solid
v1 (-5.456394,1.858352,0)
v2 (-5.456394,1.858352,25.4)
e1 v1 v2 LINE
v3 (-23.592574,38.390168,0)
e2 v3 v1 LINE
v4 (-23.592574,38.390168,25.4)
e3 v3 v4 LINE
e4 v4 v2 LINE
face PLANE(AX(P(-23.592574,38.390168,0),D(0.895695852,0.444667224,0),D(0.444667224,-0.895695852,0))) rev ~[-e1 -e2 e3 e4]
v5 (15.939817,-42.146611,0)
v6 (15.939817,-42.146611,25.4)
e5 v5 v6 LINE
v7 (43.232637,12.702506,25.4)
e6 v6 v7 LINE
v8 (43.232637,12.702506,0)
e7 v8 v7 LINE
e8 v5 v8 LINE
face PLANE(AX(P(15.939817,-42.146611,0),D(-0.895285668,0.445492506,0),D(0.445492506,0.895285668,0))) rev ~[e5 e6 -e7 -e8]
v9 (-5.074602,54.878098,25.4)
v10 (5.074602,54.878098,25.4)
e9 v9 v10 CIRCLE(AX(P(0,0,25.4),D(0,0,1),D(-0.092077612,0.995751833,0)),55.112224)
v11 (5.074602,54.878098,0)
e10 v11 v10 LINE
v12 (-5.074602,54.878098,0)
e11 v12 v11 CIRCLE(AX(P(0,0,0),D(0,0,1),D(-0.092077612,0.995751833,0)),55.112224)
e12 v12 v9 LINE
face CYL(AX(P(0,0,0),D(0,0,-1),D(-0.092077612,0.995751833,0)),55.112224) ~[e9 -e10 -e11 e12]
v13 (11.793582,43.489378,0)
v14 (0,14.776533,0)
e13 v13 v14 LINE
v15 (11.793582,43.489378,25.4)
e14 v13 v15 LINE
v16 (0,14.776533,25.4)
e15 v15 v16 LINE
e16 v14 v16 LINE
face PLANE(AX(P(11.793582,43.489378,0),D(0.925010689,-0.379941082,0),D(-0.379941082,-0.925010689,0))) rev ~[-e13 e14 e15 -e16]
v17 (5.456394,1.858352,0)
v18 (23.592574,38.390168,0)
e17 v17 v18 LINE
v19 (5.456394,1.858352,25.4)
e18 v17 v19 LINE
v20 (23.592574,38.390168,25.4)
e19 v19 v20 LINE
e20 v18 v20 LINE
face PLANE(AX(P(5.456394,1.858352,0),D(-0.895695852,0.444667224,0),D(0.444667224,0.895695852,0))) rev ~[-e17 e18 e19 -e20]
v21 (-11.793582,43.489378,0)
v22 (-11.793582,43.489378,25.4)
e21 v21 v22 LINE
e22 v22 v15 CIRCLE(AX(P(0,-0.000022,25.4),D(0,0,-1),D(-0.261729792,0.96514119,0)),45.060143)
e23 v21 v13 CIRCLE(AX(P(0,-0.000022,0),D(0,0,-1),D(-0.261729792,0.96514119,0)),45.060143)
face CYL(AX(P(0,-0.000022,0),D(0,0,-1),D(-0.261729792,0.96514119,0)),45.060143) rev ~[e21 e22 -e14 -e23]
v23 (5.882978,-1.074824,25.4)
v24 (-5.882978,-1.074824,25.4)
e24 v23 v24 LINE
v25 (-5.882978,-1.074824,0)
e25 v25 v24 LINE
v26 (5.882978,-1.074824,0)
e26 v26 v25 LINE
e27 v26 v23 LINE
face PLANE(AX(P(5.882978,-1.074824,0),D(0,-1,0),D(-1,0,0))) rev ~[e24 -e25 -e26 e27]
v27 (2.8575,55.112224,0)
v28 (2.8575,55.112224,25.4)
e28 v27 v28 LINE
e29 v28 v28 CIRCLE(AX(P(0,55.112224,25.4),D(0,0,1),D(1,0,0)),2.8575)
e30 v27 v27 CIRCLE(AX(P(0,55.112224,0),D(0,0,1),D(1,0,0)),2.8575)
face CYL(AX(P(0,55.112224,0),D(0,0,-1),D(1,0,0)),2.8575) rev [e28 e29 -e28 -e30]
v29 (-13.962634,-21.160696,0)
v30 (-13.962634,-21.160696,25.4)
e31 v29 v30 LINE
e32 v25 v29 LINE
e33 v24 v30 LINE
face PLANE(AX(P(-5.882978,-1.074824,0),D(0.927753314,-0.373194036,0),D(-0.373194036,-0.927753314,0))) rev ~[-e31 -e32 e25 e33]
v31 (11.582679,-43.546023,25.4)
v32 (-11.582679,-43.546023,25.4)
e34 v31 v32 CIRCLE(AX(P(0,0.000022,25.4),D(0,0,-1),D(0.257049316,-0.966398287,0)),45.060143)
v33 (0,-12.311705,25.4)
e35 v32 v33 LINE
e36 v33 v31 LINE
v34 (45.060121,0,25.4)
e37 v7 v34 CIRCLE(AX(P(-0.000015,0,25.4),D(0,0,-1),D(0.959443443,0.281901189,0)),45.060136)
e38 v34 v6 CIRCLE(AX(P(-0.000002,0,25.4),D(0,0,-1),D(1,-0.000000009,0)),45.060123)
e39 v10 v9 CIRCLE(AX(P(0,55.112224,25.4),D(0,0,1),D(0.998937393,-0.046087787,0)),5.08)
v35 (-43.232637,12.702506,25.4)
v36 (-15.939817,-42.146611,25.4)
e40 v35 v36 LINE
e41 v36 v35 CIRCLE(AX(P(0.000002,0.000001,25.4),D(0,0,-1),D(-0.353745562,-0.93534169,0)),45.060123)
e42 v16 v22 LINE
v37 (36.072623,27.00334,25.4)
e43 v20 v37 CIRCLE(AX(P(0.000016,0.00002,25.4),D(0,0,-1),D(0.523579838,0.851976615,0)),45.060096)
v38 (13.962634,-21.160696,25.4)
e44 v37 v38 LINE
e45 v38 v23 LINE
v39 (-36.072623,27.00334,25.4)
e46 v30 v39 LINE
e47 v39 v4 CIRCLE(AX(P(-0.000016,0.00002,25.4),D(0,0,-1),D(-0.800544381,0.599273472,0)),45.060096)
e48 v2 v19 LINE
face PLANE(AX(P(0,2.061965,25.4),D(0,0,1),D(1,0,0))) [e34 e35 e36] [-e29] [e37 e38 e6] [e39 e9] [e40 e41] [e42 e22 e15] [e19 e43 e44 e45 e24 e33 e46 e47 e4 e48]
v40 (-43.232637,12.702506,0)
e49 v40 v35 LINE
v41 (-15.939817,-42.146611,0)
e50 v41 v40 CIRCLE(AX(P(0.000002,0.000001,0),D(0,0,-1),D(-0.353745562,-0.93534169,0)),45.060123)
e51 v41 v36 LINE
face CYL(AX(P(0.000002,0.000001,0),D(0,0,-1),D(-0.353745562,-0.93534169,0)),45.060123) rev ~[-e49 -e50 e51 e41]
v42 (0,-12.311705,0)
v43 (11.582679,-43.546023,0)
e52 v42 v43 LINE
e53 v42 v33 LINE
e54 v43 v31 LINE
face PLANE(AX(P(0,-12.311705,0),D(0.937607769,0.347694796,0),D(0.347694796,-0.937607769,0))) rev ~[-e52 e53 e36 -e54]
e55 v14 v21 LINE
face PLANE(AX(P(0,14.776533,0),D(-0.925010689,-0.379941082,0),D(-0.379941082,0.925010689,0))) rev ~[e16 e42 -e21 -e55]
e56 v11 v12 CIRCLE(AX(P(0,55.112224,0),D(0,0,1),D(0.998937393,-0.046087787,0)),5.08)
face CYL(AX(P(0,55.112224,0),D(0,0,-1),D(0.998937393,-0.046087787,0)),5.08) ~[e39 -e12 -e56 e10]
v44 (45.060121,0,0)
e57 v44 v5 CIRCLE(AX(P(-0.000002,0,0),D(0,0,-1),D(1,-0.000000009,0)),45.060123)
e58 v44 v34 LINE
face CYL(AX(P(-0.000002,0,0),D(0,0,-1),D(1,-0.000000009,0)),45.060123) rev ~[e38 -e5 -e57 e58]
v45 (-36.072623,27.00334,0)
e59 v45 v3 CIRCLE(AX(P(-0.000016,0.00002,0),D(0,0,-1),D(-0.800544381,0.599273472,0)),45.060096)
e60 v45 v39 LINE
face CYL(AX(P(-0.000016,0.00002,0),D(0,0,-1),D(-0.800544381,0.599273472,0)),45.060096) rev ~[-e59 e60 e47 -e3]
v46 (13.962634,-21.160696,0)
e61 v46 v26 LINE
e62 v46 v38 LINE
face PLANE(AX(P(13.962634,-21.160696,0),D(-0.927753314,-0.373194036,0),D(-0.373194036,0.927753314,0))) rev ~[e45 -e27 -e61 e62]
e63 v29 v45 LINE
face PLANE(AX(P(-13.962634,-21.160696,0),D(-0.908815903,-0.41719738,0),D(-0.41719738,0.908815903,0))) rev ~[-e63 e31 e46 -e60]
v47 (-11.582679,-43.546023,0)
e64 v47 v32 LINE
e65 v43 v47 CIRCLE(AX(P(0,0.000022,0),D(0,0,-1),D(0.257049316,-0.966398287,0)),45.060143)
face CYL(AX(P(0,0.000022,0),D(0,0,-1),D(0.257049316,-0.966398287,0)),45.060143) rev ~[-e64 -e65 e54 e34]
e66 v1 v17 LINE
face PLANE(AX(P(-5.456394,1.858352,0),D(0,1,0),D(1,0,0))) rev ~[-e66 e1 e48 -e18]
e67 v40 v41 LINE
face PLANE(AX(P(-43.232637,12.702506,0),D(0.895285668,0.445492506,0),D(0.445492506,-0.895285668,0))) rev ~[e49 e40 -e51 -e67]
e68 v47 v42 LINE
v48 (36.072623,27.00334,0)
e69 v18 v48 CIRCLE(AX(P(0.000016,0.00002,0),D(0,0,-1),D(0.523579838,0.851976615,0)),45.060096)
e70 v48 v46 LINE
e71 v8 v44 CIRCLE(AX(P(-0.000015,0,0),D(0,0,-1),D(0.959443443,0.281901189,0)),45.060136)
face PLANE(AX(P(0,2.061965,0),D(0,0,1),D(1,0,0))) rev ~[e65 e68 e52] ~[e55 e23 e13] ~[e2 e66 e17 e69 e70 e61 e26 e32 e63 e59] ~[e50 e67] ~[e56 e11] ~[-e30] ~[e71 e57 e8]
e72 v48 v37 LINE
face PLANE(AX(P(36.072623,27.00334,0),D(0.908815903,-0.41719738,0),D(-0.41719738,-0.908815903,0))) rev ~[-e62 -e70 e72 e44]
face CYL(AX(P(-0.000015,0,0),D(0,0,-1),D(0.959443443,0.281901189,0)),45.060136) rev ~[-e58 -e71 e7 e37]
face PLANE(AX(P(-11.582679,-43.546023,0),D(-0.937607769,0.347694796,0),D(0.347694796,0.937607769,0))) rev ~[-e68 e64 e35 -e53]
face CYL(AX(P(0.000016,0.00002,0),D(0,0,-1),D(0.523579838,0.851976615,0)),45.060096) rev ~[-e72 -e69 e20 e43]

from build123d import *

# Parameters (mm, degrees)
F0_R     = 2.8575
F1_DEPTH = 25.4


with BuildPart() as f1:
    # F0 (on Top) → F1 (new body)
    with BuildSketch(Plane.XY):
        with BuildLine():
            ThreePointArc((5.074602, 54.878098), (0, 60.192224), (-5.074602, 54.878098))
            ThreePointArc((-5.074602, 54.878098), (0, -55.112224), (5.074602, 54.878098))
        make_face()
        with BuildLine():
            ThreePointArc((43.232637, 12.702506), (44.60091, 6.416646), (45.060121, 0))
            ThreePointArc((45.060121, 0), (37.071988, -25.614102), (15.939817, -42.146611))
            ThreePointArc((15.939817, -42.146611), (13.779025, -42.901667), (11.582679, -43.546023))
            ThreePointArc((11.582679, -43.546023), (0, -45.060121), (-11.582679, -43.546023))
            ThreePointArc((-11.582679, -43.546023), (-13.779025, -42.901667), (-15.939817, -42.146611))
            ThreePointArc((-15.939817, -42.146611), (-40.341681, -20.073946), (-43.232637, 12.702506))
            ThreePointArc((-43.232637, 12.702506), (-40.292177, 20.173126), (-36.072623, 27.00334))
            ThreePointArc((-36.072623, 27.00334), (-30.371021, 33.286869), (-23.592574, 38.390168))
            ThreePointArc((-23.592574, 38.390168), (-17.875835, 41.362653), (-11.793582, 43.489378))
            ThreePointArc((-11.793582, 43.489378), (0, 45.060121), (11.793582, 43.489378))
            ThreePointArc((11.793582, 43.489378), (17.875835, 41.362653), (23.592574, 38.390168))
            ThreePointArc((23.592574, 38.390168), (30.371021, 33.286869), (36.072623, 27.00334))
            ThreePointArc((36.072623, 27.00334), (40.292177, 20.173126), (43.232637, 12.702506))
        make_face(mode=Mode.SUBTRACT)
        with Locations((0, 55.112224)):
            Circle(F0_R, mode=Mode.SUBTRACT)
        with BuildLine():
            Line((5.456394, 1.858352), (23.592574, 38.390168))
            ThreePointArc((23.592574, 38.390168), (17.875835, 41.362653), (11.793582, 43.489378))
            Line((11.793582, 43.489378), (0, 14.776533))
            Line((0, 14.776533), (-11.793582, 43.489378))
            ThreePointArc((-11.793582, 43.489378), (-17.875835, 41.362653), (-23.592574, 38.390168))
            Line((-23.592574, 38.390168), (-5.456394, 1.858352))
            Line((-5.456394, 1.858352), (0, 1.858352))
            Line((0, 1.858352), (5.456394, 1.858352))
        make_face()
        with BuildLine():
            Line((15.939817, -42.146611), (43.232637, 12.702506))
            ThreePointArc((43.232637, 12.702506), (40.292177, 20.173126), (36.072623, 27.00334))
            Line((36.072623, 27.00334), (13.962634, -21.160696))
            Line((13.962634, -21.160696), (5.882978, -1.074824))
            Line((5.882978, -1.074824), (0, -1.074824))
            Line((0, -1.074824), (-5.882978, -1.074824))
            Line((-5.882978, -1.074824), (-13.962634, -21.160696))
            Line((-13.962634, -21.160696), (-36.072623, 27.00334))
            ThreePointArc((-36.072623, 27.00334), (-40.292177, 20.173126), (-43.232637, 12.702506))
            Line((-43.232637, 12.702506), (-15.939817, -42.146611))
            ThreePointArc((-15.939817, -42.146611), (-13.779025, -42.901667), (-11.582679, -43.546023))
            Line((-11.582679, -43.546023), (0, -12.311705))
            Line((0, -12.311705), (11.582679, -43.546023))
            ThreePointArc((11.582679, -43.546023), (13.779025, -42.901667), (15.939817, -42.146611))
        make_face()
    extrude(amount=F1_DEPTH)


solid = f1.part
